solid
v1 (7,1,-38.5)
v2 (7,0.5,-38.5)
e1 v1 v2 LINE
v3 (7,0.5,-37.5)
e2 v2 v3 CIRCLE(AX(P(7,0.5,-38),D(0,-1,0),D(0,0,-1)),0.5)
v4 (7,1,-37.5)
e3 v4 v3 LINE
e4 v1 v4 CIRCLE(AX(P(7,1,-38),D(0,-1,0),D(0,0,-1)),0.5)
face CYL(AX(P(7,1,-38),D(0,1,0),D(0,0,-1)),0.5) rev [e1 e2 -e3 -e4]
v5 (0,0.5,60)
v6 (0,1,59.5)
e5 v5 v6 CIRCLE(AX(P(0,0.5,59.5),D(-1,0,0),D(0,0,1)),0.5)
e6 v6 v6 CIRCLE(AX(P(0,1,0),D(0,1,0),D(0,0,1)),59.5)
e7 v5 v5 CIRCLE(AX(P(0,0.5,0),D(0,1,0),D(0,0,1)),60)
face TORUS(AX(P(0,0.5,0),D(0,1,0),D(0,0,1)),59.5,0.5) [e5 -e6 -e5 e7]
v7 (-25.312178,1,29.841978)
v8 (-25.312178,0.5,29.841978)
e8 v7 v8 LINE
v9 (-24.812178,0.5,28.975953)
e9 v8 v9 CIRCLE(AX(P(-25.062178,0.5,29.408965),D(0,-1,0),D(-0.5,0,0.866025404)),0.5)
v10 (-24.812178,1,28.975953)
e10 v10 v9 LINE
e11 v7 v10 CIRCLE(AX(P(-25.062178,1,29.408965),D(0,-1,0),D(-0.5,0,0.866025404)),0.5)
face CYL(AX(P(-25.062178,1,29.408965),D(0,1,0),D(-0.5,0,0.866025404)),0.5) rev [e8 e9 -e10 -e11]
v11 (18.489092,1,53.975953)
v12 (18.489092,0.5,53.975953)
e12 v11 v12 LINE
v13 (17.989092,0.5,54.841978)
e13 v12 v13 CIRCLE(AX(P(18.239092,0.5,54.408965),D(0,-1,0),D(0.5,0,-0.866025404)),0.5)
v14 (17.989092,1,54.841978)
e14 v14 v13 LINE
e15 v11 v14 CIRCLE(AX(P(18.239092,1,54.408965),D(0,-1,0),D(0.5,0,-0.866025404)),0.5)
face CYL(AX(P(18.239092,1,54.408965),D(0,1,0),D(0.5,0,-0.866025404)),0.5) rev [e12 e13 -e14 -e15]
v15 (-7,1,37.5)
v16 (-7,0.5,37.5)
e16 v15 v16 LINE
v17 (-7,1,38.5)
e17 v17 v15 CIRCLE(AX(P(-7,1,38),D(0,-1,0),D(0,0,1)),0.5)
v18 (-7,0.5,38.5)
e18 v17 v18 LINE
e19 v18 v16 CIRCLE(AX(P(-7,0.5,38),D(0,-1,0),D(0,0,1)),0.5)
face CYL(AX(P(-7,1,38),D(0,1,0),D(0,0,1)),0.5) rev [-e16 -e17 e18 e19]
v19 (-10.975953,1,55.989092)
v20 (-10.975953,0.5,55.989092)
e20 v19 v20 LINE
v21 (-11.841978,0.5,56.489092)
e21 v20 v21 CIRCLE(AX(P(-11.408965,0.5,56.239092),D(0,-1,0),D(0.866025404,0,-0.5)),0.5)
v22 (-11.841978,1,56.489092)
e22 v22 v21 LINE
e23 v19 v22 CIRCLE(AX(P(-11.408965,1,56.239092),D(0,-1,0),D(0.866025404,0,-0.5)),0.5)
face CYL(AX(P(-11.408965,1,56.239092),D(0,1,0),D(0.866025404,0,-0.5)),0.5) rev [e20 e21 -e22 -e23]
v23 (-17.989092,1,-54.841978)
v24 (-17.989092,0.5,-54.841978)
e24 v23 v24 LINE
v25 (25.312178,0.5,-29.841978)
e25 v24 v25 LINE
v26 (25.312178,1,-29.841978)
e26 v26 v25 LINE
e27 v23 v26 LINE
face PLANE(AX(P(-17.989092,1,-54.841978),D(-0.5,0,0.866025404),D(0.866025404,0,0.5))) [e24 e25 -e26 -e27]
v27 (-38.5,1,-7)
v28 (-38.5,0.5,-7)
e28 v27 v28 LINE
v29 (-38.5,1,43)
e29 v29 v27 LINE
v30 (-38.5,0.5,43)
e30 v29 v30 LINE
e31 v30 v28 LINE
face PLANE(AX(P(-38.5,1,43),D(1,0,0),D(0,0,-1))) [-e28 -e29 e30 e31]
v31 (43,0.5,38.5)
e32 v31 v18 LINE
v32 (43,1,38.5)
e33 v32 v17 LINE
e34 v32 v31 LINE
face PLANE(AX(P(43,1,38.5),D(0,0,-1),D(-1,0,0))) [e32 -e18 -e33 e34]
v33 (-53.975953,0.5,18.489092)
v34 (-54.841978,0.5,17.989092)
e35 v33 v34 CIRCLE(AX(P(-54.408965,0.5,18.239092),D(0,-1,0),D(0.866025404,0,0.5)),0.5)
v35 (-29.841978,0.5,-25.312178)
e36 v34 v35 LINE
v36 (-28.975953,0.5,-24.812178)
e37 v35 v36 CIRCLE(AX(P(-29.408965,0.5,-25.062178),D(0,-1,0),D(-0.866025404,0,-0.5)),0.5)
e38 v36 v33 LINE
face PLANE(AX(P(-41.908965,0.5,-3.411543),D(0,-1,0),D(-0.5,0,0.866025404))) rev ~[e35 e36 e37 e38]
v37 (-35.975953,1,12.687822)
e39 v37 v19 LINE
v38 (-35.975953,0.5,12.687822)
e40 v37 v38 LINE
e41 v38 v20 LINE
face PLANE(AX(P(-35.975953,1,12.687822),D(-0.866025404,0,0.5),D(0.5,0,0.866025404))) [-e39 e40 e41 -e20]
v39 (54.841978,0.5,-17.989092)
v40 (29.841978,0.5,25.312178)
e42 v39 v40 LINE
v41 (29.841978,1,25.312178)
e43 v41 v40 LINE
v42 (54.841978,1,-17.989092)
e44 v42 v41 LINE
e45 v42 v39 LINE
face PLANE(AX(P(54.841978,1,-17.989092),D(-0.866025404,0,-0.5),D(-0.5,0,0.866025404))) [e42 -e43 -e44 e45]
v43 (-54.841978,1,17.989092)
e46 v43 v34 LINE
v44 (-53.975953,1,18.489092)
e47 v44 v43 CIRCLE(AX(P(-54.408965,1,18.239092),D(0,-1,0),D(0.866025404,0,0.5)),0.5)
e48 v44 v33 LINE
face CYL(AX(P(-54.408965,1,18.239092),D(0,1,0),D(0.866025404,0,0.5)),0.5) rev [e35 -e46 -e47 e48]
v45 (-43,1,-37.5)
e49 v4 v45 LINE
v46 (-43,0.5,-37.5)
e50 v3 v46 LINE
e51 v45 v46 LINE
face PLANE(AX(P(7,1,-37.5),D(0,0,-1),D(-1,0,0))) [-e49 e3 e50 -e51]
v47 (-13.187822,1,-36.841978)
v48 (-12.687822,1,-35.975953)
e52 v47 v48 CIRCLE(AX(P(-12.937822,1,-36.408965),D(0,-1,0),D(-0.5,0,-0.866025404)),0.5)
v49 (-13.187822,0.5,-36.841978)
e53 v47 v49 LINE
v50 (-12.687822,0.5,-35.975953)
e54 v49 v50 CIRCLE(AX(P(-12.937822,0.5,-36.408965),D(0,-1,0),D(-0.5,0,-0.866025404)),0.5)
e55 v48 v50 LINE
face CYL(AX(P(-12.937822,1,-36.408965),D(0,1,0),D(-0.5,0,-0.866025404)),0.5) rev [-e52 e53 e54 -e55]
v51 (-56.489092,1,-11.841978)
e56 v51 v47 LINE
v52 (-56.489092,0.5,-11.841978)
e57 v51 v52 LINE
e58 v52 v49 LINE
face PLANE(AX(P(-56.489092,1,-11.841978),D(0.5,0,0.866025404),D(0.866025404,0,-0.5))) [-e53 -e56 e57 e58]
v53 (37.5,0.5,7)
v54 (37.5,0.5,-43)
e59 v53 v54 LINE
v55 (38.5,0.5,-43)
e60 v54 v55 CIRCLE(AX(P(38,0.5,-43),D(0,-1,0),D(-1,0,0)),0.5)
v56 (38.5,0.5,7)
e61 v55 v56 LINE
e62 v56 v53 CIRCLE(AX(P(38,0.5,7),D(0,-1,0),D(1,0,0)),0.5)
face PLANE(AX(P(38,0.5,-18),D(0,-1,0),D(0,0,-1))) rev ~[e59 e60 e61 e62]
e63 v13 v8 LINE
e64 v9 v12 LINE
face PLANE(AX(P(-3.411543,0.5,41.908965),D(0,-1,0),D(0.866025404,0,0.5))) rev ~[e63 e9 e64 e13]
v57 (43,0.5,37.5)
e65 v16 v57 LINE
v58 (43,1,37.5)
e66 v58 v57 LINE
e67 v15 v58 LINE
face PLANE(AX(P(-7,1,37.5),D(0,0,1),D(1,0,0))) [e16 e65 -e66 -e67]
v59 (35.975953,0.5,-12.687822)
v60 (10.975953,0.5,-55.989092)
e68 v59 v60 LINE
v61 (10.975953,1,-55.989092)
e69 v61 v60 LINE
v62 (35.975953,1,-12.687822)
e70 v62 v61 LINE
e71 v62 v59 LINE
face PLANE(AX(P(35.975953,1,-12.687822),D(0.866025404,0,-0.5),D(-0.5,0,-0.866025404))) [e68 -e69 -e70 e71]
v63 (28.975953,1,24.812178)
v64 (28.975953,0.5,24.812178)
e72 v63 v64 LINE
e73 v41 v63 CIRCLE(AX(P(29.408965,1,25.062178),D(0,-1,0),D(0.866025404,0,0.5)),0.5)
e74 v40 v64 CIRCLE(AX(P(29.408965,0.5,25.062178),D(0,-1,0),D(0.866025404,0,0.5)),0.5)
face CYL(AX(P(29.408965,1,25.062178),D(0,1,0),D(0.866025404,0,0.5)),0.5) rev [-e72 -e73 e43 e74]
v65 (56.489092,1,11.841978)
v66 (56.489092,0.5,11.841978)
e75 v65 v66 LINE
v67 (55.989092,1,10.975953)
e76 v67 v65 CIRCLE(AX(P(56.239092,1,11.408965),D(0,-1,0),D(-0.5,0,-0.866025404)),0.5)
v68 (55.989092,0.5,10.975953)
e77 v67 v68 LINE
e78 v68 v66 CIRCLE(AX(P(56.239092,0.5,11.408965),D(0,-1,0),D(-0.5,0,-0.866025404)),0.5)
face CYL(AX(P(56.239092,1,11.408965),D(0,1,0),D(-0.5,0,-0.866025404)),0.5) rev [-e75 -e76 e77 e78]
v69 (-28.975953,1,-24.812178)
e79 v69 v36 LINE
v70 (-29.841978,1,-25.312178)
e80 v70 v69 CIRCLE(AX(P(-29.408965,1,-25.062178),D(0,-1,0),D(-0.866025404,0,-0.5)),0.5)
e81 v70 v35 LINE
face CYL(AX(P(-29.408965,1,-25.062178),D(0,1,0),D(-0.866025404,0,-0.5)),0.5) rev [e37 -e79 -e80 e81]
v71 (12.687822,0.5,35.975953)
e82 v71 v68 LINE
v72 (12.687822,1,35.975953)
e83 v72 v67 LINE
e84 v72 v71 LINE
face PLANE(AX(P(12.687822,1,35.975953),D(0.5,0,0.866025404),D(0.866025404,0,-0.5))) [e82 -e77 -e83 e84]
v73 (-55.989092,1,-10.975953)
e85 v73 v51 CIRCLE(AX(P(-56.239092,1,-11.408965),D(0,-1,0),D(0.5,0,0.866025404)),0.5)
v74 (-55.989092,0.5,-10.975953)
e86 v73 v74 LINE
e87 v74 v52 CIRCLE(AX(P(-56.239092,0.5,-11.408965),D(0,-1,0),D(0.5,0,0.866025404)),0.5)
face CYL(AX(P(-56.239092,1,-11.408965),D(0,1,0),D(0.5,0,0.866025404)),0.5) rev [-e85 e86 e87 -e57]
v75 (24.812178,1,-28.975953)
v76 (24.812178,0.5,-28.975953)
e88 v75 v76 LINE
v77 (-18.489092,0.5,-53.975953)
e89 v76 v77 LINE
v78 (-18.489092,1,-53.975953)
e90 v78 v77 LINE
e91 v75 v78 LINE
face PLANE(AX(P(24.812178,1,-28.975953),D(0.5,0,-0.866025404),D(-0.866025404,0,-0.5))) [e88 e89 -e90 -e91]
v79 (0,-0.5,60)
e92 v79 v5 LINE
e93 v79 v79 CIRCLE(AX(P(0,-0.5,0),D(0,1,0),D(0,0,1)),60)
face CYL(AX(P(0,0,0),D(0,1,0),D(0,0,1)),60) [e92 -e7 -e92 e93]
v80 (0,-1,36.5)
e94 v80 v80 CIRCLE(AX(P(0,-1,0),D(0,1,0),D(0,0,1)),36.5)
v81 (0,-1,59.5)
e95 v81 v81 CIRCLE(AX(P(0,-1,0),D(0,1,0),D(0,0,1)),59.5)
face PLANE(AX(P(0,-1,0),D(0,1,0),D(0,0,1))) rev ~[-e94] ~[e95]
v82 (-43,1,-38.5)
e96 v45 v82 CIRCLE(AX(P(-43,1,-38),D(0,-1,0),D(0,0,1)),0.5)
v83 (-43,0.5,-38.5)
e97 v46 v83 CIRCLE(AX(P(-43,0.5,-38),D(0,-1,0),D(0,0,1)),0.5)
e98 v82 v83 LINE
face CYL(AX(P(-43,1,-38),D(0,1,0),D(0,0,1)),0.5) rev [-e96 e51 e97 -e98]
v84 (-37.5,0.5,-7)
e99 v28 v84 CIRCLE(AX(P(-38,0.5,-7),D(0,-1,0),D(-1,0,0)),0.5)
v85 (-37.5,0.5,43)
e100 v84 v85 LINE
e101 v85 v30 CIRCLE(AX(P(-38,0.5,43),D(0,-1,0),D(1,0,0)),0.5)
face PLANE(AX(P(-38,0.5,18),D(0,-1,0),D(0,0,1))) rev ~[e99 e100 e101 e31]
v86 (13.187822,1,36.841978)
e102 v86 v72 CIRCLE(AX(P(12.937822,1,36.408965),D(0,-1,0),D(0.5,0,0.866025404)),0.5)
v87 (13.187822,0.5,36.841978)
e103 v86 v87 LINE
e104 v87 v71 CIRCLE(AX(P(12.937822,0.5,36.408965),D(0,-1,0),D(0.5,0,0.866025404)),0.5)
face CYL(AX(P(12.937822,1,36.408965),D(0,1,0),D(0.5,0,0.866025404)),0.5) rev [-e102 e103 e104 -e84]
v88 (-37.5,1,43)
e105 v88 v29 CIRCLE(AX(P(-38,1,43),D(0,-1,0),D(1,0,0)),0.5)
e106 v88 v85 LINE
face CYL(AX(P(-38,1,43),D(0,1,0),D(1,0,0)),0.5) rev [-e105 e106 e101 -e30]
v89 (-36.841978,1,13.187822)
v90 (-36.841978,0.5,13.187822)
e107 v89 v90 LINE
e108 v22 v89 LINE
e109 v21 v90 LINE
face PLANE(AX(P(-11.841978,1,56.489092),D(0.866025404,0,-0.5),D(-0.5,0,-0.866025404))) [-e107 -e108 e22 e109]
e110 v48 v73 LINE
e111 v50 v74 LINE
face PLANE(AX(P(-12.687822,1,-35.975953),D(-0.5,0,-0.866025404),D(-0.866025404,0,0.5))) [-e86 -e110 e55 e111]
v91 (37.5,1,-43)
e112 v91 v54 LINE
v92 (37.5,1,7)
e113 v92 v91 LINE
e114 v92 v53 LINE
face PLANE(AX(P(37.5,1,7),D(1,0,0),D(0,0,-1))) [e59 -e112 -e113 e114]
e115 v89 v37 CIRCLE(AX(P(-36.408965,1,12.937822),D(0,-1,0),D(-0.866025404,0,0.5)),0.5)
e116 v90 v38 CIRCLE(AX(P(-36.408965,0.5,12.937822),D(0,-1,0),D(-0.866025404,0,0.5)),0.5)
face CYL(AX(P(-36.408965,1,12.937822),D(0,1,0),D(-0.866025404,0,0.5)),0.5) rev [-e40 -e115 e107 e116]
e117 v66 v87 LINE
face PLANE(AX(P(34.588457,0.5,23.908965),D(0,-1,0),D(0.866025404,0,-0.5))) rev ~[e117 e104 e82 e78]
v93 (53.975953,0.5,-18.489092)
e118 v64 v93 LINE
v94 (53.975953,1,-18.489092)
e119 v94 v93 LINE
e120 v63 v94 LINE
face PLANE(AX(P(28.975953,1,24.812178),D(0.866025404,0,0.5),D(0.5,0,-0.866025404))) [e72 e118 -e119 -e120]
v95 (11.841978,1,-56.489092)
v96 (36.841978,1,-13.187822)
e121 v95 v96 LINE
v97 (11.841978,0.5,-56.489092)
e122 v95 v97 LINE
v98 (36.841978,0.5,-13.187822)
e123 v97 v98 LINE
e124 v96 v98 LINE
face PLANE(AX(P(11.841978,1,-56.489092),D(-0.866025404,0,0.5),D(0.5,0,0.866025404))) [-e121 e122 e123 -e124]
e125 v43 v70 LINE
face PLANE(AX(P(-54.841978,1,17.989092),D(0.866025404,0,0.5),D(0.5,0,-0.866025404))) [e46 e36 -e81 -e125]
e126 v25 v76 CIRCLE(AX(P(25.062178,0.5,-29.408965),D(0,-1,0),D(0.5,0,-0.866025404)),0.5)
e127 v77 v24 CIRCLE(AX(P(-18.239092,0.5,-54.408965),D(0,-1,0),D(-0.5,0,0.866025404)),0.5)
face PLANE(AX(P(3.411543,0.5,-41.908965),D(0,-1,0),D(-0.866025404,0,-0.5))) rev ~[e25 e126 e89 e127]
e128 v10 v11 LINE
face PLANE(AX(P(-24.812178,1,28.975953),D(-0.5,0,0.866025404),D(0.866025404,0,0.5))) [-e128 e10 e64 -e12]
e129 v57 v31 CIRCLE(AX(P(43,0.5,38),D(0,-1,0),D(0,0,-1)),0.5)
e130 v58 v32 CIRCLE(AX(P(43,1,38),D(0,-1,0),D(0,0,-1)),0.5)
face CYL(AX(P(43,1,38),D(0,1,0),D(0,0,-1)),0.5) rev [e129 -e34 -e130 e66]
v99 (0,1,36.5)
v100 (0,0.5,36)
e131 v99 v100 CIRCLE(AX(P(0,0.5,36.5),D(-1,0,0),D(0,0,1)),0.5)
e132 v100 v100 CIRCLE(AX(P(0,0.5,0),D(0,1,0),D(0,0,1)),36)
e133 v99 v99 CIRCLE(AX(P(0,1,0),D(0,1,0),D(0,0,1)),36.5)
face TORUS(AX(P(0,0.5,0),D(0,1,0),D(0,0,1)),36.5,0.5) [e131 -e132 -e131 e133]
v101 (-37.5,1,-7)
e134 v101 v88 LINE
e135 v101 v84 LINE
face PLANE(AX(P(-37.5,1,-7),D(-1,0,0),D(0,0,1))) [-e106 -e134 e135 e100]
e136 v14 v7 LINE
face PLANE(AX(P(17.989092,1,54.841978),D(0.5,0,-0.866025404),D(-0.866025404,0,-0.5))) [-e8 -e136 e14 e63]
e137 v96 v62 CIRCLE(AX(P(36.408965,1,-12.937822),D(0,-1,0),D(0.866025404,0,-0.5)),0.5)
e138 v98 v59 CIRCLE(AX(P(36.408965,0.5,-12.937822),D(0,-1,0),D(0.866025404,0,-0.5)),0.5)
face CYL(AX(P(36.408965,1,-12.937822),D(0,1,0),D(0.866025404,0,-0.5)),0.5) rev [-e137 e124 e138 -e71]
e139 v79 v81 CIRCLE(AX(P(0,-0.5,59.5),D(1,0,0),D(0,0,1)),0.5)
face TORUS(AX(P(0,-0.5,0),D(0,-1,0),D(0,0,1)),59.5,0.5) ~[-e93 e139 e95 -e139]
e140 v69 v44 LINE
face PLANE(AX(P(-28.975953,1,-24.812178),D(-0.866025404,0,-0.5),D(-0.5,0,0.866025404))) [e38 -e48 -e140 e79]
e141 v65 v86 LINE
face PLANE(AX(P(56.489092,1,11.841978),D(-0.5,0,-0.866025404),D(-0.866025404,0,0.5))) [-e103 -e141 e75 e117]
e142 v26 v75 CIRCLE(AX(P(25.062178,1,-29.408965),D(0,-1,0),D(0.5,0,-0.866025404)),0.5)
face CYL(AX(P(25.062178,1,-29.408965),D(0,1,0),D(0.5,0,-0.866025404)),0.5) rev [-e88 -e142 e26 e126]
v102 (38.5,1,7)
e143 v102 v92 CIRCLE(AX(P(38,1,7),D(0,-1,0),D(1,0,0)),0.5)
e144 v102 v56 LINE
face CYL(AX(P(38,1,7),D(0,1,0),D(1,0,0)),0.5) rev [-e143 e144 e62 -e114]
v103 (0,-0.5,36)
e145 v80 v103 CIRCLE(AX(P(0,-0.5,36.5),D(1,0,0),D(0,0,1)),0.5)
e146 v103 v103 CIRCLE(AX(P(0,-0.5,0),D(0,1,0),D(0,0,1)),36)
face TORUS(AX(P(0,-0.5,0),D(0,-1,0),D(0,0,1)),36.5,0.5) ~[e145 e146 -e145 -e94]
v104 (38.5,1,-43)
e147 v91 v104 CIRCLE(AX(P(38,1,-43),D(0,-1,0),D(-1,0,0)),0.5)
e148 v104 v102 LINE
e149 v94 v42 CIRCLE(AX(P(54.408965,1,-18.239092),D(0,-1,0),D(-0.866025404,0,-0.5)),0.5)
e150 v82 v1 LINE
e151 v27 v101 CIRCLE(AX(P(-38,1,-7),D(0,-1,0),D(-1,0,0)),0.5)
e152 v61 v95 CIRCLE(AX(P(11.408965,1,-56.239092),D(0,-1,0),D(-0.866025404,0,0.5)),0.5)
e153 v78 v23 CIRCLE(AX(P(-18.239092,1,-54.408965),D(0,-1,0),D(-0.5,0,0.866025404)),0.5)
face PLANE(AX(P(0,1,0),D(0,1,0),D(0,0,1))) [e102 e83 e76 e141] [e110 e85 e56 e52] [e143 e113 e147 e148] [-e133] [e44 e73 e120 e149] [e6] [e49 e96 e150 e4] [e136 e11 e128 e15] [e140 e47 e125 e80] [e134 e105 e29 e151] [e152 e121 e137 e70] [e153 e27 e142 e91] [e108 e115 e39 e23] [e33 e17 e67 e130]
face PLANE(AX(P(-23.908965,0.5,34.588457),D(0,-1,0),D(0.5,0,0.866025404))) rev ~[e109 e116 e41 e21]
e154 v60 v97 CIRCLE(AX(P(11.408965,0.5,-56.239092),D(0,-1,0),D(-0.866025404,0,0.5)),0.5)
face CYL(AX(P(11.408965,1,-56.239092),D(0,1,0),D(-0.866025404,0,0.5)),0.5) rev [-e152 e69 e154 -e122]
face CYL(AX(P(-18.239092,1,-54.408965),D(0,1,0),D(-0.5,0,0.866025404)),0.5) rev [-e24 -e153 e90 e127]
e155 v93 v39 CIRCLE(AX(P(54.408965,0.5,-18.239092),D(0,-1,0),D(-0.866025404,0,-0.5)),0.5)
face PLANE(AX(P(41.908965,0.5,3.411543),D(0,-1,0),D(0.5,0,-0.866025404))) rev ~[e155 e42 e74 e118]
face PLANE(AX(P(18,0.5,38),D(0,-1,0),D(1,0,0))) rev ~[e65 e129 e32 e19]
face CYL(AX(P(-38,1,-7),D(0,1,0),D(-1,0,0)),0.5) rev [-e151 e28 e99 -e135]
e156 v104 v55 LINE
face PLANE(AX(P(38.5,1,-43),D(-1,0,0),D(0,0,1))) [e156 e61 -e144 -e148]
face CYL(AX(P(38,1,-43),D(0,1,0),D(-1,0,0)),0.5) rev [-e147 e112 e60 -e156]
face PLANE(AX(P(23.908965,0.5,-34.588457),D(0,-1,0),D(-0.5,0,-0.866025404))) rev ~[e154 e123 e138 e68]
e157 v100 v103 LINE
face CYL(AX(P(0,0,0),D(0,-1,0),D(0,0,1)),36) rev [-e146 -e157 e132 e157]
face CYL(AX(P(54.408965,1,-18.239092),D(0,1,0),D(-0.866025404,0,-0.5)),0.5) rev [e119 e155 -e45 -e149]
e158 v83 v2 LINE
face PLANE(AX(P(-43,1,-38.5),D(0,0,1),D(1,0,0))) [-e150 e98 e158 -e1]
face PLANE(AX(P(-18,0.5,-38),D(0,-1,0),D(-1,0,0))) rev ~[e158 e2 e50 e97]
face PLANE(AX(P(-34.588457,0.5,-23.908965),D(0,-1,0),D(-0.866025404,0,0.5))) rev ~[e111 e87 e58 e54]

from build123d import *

# Parameters (mm, degrees)
SKETCH_1_R               = 60
SKETCH_1_R_2             = 36
EXTRUDE_1_DEPTH          = 1
CUT_EXTRUDE_1_DEPTH      = 0.5
PATTERN_CIRCULAR_1_COUNT = 12
FILLET_1_R               = 0.5


with BuildPart() as part:
    # Эскиз1 → Бобышка-Вытянуть1 (new, symmetric)
    with BuildSketch(Plane(origin=(0, 0, 0), x_dir=(1, 0, 0), z_dir=(0, 1, 0))):
        with Locations(Location((0, 0, 0), (0, 0, 270))):
            Circle(SKETCH_1_R)
        with Locations(Location((0, 0, 0), (0, 0, 270))):
            Circle(SKETCH_1_R_2, mode=Mode.SUBTRACT)
    extrude(amount=EXTRUDE_1_DEPTH, both=True)

    # Эскиз2 → Вырез-Вытянуть1 (cut)
    with BuildSketch(Plane(origin=(0, 1, 0), x_dir=(1, 0, 0), z_dir=(0, 1, 0))):
        with BuildLine():
            Line((7, 37.5), (-43, 37.5))
            ThreePointArc((-43, 37.5), (-43.5, 38), (-43, 38.5))
            Line((-43, 38.5), (7, 38.5))
            ThreePointArc((7, 38.5), (7.5, 38), (7, 37.5))
        make_face()
    cut_extrude_1 = extrude(amount=-CUT_EXTRUDE_1_DEPTH, mode=Mode.SUBTRACT)

    # Круговой массив1: Вырез-Вытянуть1 ×12 about axis
    pattern_circular_1_axis = Axis((0, 0, 0), (0, 1, 0))
    for i in range(1, PATTERN_CIRCULAR_1_COUNT):
        add(cut_extrude_1.rotate(pattern_circular_1_axis, i * 360 / PATTERN_CIRCULAR_1_COUNT), mode=Mode.SUBTRACT)

    # Скругление1
    fillet_1_edges = [part.edges().sort_by_distance(p)[0] for p in [
        (0, -1, -60),
        (0, 1, -60),
        (0, -1, -36),
        (0, 1, -36),
    ]]
    fillet(fillet_1_edges, radius=FILLET_1_R)


solid = part.part
